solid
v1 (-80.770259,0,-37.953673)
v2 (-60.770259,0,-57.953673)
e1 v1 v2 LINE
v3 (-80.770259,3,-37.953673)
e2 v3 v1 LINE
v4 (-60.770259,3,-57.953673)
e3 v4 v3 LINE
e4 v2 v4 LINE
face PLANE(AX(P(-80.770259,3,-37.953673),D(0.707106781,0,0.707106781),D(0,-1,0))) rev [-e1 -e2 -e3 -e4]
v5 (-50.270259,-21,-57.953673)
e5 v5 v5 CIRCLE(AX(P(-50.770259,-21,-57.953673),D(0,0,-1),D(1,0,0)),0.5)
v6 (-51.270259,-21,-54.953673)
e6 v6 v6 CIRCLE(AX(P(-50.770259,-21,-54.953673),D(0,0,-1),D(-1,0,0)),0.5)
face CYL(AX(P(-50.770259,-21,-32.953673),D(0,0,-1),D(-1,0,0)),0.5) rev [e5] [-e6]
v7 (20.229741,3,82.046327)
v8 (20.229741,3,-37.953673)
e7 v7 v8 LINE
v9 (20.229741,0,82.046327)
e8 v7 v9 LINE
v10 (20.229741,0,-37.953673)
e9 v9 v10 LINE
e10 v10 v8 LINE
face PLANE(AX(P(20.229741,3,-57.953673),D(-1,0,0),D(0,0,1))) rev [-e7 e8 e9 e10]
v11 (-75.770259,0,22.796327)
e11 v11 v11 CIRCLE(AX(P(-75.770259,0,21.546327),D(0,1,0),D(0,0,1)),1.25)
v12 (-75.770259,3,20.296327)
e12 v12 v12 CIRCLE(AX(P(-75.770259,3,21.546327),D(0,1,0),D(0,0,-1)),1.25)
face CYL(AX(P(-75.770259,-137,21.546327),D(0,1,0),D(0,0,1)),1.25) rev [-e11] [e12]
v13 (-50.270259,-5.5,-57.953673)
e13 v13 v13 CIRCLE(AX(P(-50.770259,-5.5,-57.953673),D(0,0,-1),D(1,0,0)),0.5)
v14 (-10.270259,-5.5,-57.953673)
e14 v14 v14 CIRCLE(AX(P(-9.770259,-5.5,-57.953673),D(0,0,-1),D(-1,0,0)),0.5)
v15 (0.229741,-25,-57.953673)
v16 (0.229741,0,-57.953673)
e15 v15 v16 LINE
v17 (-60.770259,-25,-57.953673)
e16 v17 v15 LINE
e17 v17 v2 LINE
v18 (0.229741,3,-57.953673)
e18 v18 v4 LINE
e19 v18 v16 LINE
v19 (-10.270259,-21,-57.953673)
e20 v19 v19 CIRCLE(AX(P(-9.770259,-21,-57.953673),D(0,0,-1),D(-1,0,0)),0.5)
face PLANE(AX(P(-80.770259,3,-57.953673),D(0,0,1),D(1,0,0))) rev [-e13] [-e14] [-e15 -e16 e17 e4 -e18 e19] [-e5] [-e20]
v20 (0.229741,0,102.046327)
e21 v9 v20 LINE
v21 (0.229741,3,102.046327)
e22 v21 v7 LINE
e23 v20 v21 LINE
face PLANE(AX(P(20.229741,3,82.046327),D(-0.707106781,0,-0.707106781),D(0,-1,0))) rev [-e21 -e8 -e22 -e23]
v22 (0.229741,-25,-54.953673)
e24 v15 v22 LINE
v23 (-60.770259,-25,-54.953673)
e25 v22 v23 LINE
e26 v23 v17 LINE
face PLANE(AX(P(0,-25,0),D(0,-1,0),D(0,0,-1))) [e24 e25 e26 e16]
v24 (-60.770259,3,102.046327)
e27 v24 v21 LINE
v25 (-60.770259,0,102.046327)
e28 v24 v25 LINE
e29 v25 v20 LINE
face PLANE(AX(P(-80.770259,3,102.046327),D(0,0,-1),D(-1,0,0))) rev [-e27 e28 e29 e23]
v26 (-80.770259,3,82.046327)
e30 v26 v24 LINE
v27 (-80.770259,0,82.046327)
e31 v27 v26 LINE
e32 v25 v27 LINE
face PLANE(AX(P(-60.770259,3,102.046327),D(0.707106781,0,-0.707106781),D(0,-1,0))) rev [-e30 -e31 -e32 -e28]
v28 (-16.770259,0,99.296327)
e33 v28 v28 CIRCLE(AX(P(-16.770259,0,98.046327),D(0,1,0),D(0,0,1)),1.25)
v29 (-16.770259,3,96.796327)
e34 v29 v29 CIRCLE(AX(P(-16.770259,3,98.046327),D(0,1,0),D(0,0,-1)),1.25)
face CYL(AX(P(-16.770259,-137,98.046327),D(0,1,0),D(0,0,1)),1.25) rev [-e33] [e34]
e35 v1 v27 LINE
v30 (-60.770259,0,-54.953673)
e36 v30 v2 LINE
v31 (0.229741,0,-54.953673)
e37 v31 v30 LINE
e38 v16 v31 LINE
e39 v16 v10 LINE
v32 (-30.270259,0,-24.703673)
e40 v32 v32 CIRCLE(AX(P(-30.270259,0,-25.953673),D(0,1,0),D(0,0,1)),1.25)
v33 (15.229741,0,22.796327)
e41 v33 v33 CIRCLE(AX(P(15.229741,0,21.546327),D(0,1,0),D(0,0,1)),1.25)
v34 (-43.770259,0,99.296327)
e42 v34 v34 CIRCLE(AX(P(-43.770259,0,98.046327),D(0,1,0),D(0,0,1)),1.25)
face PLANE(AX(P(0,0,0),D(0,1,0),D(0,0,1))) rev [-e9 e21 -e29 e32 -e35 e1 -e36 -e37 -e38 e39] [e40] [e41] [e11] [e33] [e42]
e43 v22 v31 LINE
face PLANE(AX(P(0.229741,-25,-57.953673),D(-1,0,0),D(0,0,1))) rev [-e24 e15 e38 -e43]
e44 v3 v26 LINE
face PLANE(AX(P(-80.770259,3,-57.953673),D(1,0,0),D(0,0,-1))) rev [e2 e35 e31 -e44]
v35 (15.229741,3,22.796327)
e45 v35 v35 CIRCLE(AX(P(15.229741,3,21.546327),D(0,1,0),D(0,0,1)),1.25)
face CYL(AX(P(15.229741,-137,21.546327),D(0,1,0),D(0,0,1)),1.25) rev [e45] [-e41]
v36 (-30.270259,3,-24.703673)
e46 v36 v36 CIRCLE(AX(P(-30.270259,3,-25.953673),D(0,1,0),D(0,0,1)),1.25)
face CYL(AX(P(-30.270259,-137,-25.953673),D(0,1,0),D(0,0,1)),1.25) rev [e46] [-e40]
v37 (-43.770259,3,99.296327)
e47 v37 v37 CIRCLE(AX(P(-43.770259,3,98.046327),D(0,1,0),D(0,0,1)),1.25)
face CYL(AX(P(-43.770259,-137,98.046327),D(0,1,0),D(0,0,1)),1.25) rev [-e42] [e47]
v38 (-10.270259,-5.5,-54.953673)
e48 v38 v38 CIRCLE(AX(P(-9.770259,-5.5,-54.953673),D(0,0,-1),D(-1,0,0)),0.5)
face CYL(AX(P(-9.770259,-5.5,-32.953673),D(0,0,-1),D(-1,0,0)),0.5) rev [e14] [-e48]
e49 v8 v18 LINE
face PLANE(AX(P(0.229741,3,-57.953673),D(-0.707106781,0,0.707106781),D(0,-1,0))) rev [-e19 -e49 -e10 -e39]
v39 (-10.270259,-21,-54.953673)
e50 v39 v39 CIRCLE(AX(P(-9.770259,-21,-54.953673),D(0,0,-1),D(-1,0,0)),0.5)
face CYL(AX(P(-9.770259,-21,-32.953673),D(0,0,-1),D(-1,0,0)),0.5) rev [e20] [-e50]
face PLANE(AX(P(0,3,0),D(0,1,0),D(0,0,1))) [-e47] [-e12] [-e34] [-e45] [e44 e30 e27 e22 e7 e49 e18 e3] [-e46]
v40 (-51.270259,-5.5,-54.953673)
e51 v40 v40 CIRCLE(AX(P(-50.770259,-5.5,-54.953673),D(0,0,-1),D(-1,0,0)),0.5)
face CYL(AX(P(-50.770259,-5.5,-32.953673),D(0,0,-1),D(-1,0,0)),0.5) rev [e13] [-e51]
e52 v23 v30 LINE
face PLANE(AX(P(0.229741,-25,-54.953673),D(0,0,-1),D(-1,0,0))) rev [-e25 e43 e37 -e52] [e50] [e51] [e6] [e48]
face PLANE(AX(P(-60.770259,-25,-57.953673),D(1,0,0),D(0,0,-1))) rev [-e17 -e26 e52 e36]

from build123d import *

# Parameters (mm, degrees)
ESBO_O1_W                = 101
ESBO_O1_H                = 160
RESSALTO_EXTRUS_O1_DEPTH = 3
ESBO_O2_R                = 1.25
CORTE_EXTRUS_O1_DEPTH    = 140
CHANFRO1_SIZE            = 20
ESBO_O3_W                = 61
ESBO_O3_H                = 3
RESSALTO_EXTRUS_O2_DEPTH = 25
ESBO_O4_R                = 0.5
CORTE_EXTRUS_O2_DEPTH    = 25


with BuildPart() as part:
    # Esboço1 → Ressalto-extrusão1 (new body)
    with BuildSketch(Plane(origin=(0, 0, 0), x_dir=(1, 0, 0), z_dir=(0, 1, 0))):
        with Locations((-30.270258535, -22.046326637)):
            Rectangle(ESBO_O1_W, ESBO_O1_H)
    extrude(amount=RESSALTO_EXTRUS_O1_DEPTH)

    # Esboço2 → Corte-extrusão1 (cut)
    with BuildSketch(Plane(origin=(0, 3, 0), x_dir=(1, 0, 0), z_dir=(0, 1, 0))):
        with Locations((15.229741465, -21.546326637)):
            Circle(ESBO_O2_R)
        with Locations((-75.770258535, -21.546326637)):
            Circle(ESBO_O2_R)
        with Locations((-30.270258535, 25.953673363)):
            Circle(ESBO_O2_R)
        with Locations((-43.770258535, -98.046326637)):
            Circle(ESBO_O2_R)
        with Locations((-16.770258535, -98.046326637)):
            Circle(ESBO_O2_R)
    extrude(amount=-CORTE_EXTRUS_O1_DEPTH, mode=Mode.SUBTRACT)

    # Chanfro1
    chanfro1_edges = [part.edges().sort_by_distance(p)[0] for p in [
        (-80.770258535, 1.5, -57.953673363),
        (20.229741465, 1.5, -57.953673363),
        (20.229741465, 1.5, 102.046326637),
        (-80.770258535, 1.5, 102.046326637),
    ]]
    chamfer(chanfro1_edges, length=CHANFRO1_SIZE)

    # Esboço3 → Ressalto-extrusão2 (add)
    with BuildSketch(Plane.XZ):
        with Locations((-30.270258535, -56.453673363)):
            Rectangle(ESBO_O3_W, ESBO_O3_H)
    extrude(amount=RESSALTO_EXTRUS_O2_DEPTH)

    # Esboço4 → Corte-extrusão2 (cut)
    with BuildSketch(Plane(origin=(0, 0, -57.953673363), x_dir=(-1, 0, 0), z_dir=(0, 0, -1))):
        with Locations((9.770258535, -5.5)):
            Circle(ESBO_O4_R)
        with Locations((50.770258535, -21)):
            Circle(ESBO_O4_R)
        with Locations((9.770258535, -21)):
            Circle(ESBO_O4_R)
        with Locations((50.770258535, -5.5)):
            Circle(ESBO_O4_R)
    extrude(amount=-CORTE_EXTRUS_O2_DEPTH, mode=Mode.SUBTRACT)


solid = part.part
